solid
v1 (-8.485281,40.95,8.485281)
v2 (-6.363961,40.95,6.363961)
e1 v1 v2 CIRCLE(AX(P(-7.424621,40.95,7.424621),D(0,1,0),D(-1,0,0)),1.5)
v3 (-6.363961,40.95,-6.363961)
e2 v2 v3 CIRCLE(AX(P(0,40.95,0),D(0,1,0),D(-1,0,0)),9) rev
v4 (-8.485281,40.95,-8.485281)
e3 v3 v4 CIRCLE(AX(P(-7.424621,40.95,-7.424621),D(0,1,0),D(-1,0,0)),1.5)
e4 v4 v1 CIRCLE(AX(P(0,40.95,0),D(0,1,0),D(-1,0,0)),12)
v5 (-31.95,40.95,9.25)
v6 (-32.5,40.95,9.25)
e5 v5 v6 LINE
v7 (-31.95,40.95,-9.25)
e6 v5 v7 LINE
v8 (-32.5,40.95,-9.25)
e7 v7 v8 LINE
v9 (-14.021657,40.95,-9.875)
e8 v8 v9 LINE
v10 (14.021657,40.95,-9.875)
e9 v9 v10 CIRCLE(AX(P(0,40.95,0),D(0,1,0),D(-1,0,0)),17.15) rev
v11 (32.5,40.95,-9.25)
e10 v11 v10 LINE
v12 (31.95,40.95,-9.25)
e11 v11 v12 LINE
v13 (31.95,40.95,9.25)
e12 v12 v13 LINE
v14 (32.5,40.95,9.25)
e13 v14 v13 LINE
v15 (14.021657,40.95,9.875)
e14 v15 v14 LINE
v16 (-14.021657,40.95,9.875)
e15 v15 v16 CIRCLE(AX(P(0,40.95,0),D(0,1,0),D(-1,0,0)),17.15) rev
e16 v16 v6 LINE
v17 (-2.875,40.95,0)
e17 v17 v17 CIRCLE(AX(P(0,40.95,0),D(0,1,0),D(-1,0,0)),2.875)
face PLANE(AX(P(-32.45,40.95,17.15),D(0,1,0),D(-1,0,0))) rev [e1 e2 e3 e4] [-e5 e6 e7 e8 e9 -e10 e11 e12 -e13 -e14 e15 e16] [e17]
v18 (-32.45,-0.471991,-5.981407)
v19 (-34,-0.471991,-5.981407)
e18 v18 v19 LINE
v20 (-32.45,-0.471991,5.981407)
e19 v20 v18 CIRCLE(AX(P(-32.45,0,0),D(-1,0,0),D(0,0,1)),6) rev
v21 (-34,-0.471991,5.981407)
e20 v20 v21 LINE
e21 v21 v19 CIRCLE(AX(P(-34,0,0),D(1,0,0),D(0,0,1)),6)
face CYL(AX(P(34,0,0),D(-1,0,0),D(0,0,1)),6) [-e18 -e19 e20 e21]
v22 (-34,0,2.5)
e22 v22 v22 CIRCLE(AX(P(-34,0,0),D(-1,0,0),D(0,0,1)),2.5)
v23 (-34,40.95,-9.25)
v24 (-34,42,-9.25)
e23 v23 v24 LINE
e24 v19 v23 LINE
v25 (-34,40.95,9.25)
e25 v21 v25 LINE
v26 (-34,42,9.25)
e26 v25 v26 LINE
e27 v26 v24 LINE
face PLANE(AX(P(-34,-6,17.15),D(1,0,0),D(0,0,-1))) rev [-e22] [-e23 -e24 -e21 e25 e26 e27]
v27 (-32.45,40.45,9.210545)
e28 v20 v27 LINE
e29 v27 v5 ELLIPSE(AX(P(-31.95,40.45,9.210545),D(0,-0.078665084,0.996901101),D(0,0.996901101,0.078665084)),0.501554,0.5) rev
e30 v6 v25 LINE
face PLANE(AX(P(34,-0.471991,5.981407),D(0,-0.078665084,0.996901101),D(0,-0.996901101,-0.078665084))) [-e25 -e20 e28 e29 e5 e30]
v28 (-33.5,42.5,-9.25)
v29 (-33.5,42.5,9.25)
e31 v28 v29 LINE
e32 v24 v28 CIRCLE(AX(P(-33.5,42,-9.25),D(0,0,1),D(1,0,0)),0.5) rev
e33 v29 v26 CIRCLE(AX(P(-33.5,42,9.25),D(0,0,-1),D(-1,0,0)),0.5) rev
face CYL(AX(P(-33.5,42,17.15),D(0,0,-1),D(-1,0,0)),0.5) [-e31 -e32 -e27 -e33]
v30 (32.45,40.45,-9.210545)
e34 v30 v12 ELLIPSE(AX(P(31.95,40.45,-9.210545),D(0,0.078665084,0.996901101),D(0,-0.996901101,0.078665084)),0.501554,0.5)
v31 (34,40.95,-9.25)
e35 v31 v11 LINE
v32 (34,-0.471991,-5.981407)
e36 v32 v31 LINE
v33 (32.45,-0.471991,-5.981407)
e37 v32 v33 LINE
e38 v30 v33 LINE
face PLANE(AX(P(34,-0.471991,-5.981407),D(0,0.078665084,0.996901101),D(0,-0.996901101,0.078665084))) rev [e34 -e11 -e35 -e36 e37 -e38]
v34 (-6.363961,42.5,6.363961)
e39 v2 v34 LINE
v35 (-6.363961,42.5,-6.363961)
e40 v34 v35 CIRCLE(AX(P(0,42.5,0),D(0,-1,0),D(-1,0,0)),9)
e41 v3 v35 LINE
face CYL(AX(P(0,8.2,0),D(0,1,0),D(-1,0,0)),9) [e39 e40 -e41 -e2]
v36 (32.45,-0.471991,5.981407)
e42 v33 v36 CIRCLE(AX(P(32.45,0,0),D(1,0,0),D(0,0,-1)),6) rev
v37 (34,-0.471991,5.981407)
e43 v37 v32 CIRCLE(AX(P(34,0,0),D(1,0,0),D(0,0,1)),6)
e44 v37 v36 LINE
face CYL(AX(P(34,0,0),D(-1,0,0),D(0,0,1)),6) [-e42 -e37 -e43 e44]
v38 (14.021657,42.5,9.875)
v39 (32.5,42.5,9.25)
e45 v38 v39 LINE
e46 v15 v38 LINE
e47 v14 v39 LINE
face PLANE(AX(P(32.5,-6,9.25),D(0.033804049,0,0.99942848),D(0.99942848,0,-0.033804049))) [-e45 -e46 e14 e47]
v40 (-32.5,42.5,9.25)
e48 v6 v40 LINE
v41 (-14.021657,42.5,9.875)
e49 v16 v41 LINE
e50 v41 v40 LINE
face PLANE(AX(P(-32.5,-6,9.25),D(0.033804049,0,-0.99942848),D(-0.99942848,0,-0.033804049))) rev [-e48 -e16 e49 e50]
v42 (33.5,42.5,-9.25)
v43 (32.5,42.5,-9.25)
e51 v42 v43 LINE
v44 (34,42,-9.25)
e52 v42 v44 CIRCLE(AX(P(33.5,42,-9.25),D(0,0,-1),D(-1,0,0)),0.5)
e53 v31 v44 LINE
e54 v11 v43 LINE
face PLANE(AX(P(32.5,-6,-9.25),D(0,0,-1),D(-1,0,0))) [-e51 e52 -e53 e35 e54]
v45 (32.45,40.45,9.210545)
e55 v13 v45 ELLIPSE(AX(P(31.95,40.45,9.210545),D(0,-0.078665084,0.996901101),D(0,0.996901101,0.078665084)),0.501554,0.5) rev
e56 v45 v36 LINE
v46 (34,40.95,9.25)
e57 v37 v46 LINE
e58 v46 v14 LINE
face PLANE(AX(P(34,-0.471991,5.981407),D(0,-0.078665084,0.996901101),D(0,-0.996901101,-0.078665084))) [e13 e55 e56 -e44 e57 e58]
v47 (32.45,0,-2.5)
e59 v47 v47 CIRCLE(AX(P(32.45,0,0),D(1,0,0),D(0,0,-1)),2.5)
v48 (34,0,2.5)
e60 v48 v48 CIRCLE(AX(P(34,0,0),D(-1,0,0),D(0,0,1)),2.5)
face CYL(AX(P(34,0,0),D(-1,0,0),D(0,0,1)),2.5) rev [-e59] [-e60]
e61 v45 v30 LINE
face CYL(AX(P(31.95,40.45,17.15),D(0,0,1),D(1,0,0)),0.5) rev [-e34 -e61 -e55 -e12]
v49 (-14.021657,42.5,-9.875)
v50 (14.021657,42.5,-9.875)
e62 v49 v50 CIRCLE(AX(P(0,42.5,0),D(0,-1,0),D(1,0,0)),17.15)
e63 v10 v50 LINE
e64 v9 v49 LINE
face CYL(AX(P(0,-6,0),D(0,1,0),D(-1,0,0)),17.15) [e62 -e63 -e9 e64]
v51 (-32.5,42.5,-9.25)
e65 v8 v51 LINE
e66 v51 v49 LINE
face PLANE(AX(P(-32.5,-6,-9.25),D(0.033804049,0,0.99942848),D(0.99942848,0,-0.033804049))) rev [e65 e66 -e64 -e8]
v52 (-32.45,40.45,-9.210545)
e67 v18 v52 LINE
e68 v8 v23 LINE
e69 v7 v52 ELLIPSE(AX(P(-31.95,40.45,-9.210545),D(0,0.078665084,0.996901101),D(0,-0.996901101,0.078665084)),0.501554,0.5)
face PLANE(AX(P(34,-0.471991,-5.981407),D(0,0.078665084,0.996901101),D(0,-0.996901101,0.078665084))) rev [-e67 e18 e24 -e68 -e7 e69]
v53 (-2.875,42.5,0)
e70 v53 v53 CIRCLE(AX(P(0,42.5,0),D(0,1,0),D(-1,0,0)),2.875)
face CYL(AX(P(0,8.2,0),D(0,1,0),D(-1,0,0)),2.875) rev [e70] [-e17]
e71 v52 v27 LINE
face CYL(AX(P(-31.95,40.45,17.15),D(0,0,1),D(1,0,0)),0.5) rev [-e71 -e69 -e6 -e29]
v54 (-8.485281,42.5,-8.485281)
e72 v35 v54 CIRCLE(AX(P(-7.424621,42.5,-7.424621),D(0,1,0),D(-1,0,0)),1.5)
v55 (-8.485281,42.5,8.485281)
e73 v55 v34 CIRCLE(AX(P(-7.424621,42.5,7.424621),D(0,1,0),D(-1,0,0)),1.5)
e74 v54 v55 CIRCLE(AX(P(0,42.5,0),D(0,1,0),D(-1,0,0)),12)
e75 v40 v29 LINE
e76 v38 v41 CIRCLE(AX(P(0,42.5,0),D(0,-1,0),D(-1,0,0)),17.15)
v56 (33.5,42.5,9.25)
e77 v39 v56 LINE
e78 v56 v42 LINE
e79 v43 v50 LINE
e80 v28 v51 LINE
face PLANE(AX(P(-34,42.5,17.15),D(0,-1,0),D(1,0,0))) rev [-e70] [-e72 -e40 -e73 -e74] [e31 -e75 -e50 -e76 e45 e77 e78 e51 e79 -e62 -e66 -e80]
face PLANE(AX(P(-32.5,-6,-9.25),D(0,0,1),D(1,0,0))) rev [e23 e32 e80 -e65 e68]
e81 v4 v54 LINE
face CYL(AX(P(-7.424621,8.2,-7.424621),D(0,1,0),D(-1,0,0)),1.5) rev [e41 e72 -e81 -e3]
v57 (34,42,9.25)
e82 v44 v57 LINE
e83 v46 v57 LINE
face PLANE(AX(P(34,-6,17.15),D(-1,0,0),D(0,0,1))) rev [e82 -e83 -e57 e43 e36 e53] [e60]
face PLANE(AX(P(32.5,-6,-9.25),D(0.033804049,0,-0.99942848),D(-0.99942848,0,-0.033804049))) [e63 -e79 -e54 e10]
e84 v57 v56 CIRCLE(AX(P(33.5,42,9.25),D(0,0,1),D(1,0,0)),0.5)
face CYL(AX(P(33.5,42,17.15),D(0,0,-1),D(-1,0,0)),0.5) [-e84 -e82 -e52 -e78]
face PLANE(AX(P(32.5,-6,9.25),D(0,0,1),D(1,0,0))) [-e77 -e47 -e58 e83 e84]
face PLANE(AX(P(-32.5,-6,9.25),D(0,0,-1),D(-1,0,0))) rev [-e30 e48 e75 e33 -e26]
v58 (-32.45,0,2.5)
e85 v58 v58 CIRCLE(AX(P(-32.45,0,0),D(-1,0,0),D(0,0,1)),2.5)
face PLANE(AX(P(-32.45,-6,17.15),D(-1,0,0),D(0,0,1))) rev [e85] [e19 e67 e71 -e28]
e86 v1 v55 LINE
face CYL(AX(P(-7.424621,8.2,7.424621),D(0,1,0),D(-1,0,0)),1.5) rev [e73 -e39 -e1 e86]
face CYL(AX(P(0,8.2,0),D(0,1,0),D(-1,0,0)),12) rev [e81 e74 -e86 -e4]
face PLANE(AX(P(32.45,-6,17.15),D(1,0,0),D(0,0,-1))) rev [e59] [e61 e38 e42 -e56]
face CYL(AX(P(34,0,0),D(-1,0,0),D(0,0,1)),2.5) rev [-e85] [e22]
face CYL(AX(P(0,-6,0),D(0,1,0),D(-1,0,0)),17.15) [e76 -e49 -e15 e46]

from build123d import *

# Parameters (mm, degrees)
BOSS_EXTRUDE1_DEPTH = 17.15
CUT_EXTRUDE1_DEPTH  = 69
CUT_EXTRUDE2_DEPTH  = 49.5
SKETCH4_R           = 2.875
CUT_EXTRUDE3_DEPTH  = 34.3
SKETCH5_R           = 2.5
CUT_EXTRUDE4_DEPTH  = 69
FILLET2_R           = 0.5


with BuildPart() as part:
    # Sketch1 → Boss-Extrude1 (new body, symmetric)
    with BuildSketch(Plane.XY):
        Polygon((-32.45, -6), (-32.45, 40.95), (32.45, 40.95), (32.45, -6), (34, -6), (34, 42.5), (-34, 42.5), (-34, -6), align=None)
    extrude(amount=BOSS_EXTRUDE1_DEPTH, both=True)

    # Sketch2 → Cut-Extrude1 (cut, through all)
    with BuildSketch(Plane.ZY.offset(34)):
        with BuildLine():
            Line((-5.981406604, -0.471990503), (-9.25, 40.95))
            Line((-9.25, 40.95), (-17.15, 40.95))
            Line((-17.15, 40.95), (-17.15, -6))
            Line((-17.15, -6), (0, -6))
            ThreePointArc((0, -6), (-4.07234926, -4.406355808), (-5.981406604, -0.471990503))
        make_face()
    cut_extrude1 = extrude(amount=-CUT_EXTRUDE1_DEPTH, mode=Mode.SUBTRACT)

    # Mirror1: Cut-Extrude1 across plane
    add(cut_extrude1.mirror(Plane.XY), mode=Mode.SUBTRACT)

    # Sketch3 → Cut-Extrude2 (cut, through all)
    with BuildSketch(Plane(origin=(0, 42.5, 0), x_dir=(1, 0, 0), z_dir=(0, 1, 0))):
        with BuildLine():
            Line((-32.5, -9.25), (-14.021657356, -9.875))
            ThreePointArc((-14.021657356, -9.875), (-7.898298867, -15.222988373), (0, -17.15))
            Line((0, -17.15), (-34, -17.15))
            Line((-34, -17.15), (-34, -9.25))
            Line((-34, -9.25), (-32.5, -9.25))
        make_face()
        with BuildLine():
            Line((-34, 9.25), (-34, 17.15))
            Line((-34, 17.15), (0, 17.15))
            ThreePointArc((0, 17.15), (-7.898298867, 15.222988373), (-14.021657356, 9.875))
            Line((-14.021657356, 9.875), (-32.5, 9.25))
            Line((-32.5, 9.25), (-34, 9.25))
        make_face()
    cut_extrude2 = extrude(amount=-CUT_EXTRUDE2_DEPTH, mode=Mode.SUBTRACT)

    # Mirror2: Cut-Extrude2 across plane
    add(cut_extrude2.mirror(Plane(origin=(0, 0, 0), x_dir=(0, 0, 1), z_dir=(1, 0, 0))), mode=Mode.SUBTRACT)

    # Sketch4 → Cut-Extrude3 (cut)
    with BuildSketch(Plane(origin=(0, 42.5, 0), x_dir=(1, 0, 0), z_dir=(0, 1, 0))):
        Circle(SKETCH4_R)
        with BuildLine():
            ThreePointArc((-8.485281374, 8.485281374), (-12, 0), (-8.485281374, -8.485281374))
            ThreePointArc((-8.485281374, -8.485281374), (-6.363961031, -8.485281374), (-6.363961031, -6.363961031))
            ThreePointArc((-6.363961031, -6.363961031), (-9, 0), (-6.363961031, 6.363961031))
            ThreePointArc((-6.363961031, 6.363961031), (-6.363961031, 8.485281374), (-8.485281374, 8.485281374))
        make_face()
    extrude(amount=-CUT_EXTRUDE3_DEPTH, mode=Mode.SUBTRACT)

    # Sketch5 → Cut-Extrude4 (cut, through all)
    with BuildSketch(Plane.ZY.offset(34)):
        Circle(SKETCH5_R)
    extrude(amount=-CUT_EXTRUDE4_DEPTH, mode=Mode.SUBTRACT)

    # Fillet2
    fillet2_edges = [part.edges().sort_by_distance(p)[0] for p in [
        (34, 42.5, 0),
        (32.45, 40.95, 0),
        (-32.45, 40.95, 0),
        (-34, 42.5, 0),
    ]]
    fillet(fillet2_edges, radius=FILLET2_R)


solid = part.part
